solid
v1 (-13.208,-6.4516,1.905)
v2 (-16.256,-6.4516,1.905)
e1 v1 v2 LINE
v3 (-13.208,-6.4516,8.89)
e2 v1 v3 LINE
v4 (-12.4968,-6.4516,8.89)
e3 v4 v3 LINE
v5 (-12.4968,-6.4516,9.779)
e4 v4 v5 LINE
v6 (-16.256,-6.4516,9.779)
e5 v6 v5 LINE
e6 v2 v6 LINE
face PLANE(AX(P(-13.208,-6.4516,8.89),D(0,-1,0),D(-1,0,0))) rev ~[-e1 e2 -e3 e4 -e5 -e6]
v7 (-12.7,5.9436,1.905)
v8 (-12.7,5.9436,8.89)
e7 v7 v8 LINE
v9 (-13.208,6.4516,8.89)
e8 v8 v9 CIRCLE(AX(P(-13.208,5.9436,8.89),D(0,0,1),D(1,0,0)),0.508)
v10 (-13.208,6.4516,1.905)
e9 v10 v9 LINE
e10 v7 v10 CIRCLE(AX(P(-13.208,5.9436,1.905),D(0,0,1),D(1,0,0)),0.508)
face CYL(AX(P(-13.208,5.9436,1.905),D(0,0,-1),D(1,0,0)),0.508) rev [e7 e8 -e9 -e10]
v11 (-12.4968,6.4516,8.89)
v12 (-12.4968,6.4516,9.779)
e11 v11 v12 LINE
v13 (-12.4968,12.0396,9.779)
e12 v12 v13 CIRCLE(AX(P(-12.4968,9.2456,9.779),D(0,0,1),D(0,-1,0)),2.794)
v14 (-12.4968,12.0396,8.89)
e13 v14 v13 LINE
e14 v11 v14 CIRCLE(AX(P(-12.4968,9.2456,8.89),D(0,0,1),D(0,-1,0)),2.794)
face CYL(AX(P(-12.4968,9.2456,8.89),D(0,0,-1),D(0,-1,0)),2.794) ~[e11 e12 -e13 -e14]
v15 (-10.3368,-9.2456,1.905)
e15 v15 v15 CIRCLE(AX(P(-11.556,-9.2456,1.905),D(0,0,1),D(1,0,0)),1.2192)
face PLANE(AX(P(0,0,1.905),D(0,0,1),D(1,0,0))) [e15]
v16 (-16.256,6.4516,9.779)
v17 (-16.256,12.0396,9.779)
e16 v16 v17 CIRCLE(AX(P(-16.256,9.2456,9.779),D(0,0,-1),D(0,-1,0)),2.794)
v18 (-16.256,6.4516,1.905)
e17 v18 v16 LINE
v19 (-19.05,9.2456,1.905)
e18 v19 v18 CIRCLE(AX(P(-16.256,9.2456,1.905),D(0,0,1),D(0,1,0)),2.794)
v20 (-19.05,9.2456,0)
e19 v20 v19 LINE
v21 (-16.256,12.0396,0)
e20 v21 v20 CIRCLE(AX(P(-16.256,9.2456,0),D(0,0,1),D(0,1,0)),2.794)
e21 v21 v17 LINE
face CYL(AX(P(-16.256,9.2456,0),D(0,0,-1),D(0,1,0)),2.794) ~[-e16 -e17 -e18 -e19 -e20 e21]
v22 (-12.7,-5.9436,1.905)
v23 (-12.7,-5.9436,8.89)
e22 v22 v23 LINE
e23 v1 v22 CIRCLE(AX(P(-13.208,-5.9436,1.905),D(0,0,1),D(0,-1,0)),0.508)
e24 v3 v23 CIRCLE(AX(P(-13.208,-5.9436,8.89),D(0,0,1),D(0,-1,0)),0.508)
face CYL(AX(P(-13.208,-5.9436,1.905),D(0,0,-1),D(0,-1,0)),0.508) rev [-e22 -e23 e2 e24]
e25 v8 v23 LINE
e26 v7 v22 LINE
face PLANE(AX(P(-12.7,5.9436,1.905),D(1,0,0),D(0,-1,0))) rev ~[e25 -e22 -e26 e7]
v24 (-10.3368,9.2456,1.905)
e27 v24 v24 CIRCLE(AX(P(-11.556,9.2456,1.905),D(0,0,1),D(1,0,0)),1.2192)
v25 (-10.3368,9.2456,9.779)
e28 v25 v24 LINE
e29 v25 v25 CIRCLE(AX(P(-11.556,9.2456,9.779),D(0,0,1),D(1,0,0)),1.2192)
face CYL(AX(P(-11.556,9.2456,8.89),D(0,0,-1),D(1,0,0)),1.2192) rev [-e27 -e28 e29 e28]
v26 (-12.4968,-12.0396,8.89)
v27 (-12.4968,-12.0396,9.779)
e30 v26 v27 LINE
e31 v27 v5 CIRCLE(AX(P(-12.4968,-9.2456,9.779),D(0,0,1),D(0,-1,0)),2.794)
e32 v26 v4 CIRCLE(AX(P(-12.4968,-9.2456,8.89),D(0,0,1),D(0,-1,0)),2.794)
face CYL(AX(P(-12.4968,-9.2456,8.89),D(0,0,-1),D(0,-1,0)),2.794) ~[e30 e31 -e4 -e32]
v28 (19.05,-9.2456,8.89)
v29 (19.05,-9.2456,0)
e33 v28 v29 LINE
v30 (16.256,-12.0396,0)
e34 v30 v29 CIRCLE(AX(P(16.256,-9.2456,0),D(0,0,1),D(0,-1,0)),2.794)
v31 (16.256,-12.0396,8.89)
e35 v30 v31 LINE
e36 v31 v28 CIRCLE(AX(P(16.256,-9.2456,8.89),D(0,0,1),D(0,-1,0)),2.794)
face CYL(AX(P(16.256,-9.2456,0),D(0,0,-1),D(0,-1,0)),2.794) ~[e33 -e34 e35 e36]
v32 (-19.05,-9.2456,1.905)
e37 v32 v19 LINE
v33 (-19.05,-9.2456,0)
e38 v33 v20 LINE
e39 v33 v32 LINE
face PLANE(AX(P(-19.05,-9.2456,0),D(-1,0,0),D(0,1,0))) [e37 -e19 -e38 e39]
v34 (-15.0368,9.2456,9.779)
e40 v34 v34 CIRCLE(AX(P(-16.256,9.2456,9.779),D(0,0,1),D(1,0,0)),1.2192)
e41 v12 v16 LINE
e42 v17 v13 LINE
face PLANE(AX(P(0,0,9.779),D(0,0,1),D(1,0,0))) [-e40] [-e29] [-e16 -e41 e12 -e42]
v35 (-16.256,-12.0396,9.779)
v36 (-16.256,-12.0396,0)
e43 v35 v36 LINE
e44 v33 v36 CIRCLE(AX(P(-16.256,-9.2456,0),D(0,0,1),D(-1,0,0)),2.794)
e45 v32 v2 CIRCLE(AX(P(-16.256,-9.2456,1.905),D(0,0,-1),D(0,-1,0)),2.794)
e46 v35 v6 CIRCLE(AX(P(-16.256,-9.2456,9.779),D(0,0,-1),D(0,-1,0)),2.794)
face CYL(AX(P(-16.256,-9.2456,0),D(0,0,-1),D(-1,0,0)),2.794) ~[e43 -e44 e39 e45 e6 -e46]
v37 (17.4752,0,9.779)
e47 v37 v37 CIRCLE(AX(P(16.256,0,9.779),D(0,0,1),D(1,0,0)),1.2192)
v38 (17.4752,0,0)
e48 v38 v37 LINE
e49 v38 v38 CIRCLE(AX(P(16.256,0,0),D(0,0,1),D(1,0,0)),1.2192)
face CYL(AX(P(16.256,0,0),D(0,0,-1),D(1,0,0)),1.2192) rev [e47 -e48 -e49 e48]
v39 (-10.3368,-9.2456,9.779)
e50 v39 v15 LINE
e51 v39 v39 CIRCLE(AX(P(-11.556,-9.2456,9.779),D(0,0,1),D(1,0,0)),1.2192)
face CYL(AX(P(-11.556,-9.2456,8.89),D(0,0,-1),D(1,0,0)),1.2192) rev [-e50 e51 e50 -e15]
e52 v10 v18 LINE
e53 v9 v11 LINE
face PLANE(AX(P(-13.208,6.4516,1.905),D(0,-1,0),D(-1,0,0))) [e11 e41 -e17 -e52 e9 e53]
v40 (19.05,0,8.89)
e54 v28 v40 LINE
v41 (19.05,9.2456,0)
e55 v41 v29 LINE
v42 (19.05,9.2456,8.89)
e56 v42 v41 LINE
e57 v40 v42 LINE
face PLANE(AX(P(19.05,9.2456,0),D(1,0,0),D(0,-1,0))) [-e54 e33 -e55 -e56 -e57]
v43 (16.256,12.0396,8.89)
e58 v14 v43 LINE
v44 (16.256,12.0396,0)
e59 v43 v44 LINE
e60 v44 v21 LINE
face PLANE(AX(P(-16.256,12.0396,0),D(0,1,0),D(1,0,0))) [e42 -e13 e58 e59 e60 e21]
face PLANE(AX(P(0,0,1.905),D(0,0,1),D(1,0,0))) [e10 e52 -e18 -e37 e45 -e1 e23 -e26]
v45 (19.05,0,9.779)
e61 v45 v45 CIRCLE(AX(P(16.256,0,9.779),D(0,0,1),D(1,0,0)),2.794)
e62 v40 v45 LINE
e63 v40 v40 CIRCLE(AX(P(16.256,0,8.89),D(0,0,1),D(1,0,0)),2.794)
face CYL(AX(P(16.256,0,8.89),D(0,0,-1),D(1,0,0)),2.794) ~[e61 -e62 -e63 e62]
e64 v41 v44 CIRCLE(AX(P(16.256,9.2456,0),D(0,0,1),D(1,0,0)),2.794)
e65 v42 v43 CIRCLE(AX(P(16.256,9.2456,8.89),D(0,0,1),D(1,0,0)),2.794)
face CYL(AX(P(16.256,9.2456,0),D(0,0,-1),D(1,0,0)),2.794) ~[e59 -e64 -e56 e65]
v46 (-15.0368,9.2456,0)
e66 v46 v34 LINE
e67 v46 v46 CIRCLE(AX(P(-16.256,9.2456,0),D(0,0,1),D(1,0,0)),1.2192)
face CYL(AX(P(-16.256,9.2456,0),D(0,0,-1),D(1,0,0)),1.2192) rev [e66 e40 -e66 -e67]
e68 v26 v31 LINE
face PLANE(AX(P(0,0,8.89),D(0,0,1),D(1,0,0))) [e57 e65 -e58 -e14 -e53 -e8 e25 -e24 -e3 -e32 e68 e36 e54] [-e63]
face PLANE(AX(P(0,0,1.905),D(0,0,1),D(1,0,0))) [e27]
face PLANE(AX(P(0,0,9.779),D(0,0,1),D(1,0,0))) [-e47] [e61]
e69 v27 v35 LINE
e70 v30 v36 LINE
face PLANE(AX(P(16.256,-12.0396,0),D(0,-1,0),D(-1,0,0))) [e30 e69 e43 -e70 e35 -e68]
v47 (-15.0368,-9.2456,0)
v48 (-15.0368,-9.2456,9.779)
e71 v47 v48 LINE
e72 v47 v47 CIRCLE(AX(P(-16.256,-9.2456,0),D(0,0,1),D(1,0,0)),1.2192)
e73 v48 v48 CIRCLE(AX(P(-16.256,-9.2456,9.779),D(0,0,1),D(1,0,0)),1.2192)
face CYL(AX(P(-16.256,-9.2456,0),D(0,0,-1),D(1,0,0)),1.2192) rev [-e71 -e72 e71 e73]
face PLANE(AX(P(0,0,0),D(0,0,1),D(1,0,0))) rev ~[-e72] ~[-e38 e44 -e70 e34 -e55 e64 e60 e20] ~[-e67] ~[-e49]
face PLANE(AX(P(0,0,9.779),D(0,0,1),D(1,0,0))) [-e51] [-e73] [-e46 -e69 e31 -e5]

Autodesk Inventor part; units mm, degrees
ref_plane "YZ Plane" through (0, 0, 0) normal (1, 0, 0) x (0, 1, 0)
ref_plane "XZ Plane" through (0, 0, 0) normal (0, 1, 0) x (-1, 0, 0)
ref_plane "XY Plane" through (0, 0, 0) normal (0, 0, 1) x (1, 0, 0)
sketch "Sketch1" plane through (0, 0, 0) normal (0, 0, 1) x (1, 0, 0)
  line L0 (-27.4801, 0) -> (27.4801, 0) construction
  line L1 (0, -17.6656) -> (0, 17.6656) construction
  line L2 (-16.256, 12.0396) -> (16.256, 12.0396)
  line L3 (19.05, 9.2456) -> (19.05, -9.2456)
  line L4 (16.256, -12.0396) -> (-16.256, -12.0396)
  line L5 (-19.05, -9.2456) -> (-19.05, 9.2456)
  line L6 (-16.256, 9.2456) -> (-16.256, -9.2456) construction
  circle A0 centre (-16.256, 9.2456) radius 1.2192
  circle A1 centre (-16.256, -9.2456) radius 1.2192
  circle A2 centre (16.256, 0) radius 1.2192
  arc A3 (-16.256, 12.0396) -> (-19.05, 9.2456) centre (-16.256, 9.2456) ccw
  arc A4 (-19.05, -9.2456) -> (-16.256, -12.0396) centre (-16.256, -9.2456) ccw
  arc A5 (16.256, -12.0396) -> (19.05, -9.2456) centre (16.256, -9.2456) ccw
  arc A6 (19.05, 9.2456) -> (16.256, 12.0396) centre (16.256, 9.2456) ccw
  line L7 (-16.256, 9.2456) -> (-12.4968, 9.2456) construction
  line L8 (-12.4968, 6.4516) -> (-16.256, 6.4516)
  arc A7 (-16.256, 12.0396) -> (-16.256, 6.4516) centre (-16.256, 9.2456) ccw
  arc A8 (-12.4968, 6.4516) -> (-12.4968, 12.0396) centre (-12.4968, 9.2456) ccw
  line L9 (-16.256, -9.2456) -> (-12.4968, -9.2456) construction
  line L10 (-12.4968, -6.4516) -> (-16.256, -6.4516)
  arc A9 (-16.256, -6.4516) -> (-19.05, -9.2456) centre (-16.256, -9.2456) ccw
  arc A10 (-12.4968, -12.0396) -> (-12.4968, -6.4516) centre (-12.4968, -9.2456) ccw
  circle A11 centre (-11.556, 9.2456) radius 1.2192
  circle A12 centre (-11.556, -9.2456) radius 1.2192
  line L11 (-11.556, 9.2456) -> (-11.556, -9.2456) construction
  line L12 (-12.7, 5.9436) -> (-12.7, -5.9436)
  arc A13 (-12.7, 5.9436) -> (-13.208, 6.4516) centre (-13.208, 5.9436) ccw
  arc A14 (-13.208, -6.4516) -> (-12.7, -5.9436) centre (-13.208, -5.9436) ccw
  circle A15 centre (16.256, 0) radius 2.794
  point P0 (0, 0)
  point P1 (19.05, -12.0396)
  point P2 (19.05, 12.0396)
  point P3 (-19.05, -12.0396)
  point P4 (-14.3764, 9.2456)
  point P5 (-14.3764, -9.2456)
  dimension "d0" = 38.1
  dimension "d1" = 24.0792
  dimension "d2" = 18.4912
  dimension "d3" = 2.4384
  dimension "d4" = 32.512
  dimension "d7" = 3.7592
  dimension "d8" = 4.7
  dimension "d9" = 6.35
  dimension "d12" = 0.508
extrude "Extrusion1" add sketch "Sketch1" along normal blind 1.905 contours L2 A8 L8 A7 A3 | A15 | L2 A6 L3 A5 L4 A10 L10 A14 L12 A13 L8 A8 | A7 L8 A13 L12 A14 L10 A9 L5 | A9 L10 A10 L4 A4 | A11 | A12
extrude "Extrusion2" add sketch "Sketch1" along normal blind 6.985 from surface at 1.905 contours L2 A8 L8 A7 A3 | A15 | L2 A6 L3 A5 L4 A10 L10 A14 L12 A13 L8 A8 | A9 L10 A10 L4 A4
extrude "Extrusion3" add sketch "Sketch1" along normal blind 0.889 from surface at 8.89 contours L2 A8 L8 A7 A3 | A15 | A9 L10 A10 L4 A4
properties part number "Lord Microstrain 3DM-CX5 OEM"
